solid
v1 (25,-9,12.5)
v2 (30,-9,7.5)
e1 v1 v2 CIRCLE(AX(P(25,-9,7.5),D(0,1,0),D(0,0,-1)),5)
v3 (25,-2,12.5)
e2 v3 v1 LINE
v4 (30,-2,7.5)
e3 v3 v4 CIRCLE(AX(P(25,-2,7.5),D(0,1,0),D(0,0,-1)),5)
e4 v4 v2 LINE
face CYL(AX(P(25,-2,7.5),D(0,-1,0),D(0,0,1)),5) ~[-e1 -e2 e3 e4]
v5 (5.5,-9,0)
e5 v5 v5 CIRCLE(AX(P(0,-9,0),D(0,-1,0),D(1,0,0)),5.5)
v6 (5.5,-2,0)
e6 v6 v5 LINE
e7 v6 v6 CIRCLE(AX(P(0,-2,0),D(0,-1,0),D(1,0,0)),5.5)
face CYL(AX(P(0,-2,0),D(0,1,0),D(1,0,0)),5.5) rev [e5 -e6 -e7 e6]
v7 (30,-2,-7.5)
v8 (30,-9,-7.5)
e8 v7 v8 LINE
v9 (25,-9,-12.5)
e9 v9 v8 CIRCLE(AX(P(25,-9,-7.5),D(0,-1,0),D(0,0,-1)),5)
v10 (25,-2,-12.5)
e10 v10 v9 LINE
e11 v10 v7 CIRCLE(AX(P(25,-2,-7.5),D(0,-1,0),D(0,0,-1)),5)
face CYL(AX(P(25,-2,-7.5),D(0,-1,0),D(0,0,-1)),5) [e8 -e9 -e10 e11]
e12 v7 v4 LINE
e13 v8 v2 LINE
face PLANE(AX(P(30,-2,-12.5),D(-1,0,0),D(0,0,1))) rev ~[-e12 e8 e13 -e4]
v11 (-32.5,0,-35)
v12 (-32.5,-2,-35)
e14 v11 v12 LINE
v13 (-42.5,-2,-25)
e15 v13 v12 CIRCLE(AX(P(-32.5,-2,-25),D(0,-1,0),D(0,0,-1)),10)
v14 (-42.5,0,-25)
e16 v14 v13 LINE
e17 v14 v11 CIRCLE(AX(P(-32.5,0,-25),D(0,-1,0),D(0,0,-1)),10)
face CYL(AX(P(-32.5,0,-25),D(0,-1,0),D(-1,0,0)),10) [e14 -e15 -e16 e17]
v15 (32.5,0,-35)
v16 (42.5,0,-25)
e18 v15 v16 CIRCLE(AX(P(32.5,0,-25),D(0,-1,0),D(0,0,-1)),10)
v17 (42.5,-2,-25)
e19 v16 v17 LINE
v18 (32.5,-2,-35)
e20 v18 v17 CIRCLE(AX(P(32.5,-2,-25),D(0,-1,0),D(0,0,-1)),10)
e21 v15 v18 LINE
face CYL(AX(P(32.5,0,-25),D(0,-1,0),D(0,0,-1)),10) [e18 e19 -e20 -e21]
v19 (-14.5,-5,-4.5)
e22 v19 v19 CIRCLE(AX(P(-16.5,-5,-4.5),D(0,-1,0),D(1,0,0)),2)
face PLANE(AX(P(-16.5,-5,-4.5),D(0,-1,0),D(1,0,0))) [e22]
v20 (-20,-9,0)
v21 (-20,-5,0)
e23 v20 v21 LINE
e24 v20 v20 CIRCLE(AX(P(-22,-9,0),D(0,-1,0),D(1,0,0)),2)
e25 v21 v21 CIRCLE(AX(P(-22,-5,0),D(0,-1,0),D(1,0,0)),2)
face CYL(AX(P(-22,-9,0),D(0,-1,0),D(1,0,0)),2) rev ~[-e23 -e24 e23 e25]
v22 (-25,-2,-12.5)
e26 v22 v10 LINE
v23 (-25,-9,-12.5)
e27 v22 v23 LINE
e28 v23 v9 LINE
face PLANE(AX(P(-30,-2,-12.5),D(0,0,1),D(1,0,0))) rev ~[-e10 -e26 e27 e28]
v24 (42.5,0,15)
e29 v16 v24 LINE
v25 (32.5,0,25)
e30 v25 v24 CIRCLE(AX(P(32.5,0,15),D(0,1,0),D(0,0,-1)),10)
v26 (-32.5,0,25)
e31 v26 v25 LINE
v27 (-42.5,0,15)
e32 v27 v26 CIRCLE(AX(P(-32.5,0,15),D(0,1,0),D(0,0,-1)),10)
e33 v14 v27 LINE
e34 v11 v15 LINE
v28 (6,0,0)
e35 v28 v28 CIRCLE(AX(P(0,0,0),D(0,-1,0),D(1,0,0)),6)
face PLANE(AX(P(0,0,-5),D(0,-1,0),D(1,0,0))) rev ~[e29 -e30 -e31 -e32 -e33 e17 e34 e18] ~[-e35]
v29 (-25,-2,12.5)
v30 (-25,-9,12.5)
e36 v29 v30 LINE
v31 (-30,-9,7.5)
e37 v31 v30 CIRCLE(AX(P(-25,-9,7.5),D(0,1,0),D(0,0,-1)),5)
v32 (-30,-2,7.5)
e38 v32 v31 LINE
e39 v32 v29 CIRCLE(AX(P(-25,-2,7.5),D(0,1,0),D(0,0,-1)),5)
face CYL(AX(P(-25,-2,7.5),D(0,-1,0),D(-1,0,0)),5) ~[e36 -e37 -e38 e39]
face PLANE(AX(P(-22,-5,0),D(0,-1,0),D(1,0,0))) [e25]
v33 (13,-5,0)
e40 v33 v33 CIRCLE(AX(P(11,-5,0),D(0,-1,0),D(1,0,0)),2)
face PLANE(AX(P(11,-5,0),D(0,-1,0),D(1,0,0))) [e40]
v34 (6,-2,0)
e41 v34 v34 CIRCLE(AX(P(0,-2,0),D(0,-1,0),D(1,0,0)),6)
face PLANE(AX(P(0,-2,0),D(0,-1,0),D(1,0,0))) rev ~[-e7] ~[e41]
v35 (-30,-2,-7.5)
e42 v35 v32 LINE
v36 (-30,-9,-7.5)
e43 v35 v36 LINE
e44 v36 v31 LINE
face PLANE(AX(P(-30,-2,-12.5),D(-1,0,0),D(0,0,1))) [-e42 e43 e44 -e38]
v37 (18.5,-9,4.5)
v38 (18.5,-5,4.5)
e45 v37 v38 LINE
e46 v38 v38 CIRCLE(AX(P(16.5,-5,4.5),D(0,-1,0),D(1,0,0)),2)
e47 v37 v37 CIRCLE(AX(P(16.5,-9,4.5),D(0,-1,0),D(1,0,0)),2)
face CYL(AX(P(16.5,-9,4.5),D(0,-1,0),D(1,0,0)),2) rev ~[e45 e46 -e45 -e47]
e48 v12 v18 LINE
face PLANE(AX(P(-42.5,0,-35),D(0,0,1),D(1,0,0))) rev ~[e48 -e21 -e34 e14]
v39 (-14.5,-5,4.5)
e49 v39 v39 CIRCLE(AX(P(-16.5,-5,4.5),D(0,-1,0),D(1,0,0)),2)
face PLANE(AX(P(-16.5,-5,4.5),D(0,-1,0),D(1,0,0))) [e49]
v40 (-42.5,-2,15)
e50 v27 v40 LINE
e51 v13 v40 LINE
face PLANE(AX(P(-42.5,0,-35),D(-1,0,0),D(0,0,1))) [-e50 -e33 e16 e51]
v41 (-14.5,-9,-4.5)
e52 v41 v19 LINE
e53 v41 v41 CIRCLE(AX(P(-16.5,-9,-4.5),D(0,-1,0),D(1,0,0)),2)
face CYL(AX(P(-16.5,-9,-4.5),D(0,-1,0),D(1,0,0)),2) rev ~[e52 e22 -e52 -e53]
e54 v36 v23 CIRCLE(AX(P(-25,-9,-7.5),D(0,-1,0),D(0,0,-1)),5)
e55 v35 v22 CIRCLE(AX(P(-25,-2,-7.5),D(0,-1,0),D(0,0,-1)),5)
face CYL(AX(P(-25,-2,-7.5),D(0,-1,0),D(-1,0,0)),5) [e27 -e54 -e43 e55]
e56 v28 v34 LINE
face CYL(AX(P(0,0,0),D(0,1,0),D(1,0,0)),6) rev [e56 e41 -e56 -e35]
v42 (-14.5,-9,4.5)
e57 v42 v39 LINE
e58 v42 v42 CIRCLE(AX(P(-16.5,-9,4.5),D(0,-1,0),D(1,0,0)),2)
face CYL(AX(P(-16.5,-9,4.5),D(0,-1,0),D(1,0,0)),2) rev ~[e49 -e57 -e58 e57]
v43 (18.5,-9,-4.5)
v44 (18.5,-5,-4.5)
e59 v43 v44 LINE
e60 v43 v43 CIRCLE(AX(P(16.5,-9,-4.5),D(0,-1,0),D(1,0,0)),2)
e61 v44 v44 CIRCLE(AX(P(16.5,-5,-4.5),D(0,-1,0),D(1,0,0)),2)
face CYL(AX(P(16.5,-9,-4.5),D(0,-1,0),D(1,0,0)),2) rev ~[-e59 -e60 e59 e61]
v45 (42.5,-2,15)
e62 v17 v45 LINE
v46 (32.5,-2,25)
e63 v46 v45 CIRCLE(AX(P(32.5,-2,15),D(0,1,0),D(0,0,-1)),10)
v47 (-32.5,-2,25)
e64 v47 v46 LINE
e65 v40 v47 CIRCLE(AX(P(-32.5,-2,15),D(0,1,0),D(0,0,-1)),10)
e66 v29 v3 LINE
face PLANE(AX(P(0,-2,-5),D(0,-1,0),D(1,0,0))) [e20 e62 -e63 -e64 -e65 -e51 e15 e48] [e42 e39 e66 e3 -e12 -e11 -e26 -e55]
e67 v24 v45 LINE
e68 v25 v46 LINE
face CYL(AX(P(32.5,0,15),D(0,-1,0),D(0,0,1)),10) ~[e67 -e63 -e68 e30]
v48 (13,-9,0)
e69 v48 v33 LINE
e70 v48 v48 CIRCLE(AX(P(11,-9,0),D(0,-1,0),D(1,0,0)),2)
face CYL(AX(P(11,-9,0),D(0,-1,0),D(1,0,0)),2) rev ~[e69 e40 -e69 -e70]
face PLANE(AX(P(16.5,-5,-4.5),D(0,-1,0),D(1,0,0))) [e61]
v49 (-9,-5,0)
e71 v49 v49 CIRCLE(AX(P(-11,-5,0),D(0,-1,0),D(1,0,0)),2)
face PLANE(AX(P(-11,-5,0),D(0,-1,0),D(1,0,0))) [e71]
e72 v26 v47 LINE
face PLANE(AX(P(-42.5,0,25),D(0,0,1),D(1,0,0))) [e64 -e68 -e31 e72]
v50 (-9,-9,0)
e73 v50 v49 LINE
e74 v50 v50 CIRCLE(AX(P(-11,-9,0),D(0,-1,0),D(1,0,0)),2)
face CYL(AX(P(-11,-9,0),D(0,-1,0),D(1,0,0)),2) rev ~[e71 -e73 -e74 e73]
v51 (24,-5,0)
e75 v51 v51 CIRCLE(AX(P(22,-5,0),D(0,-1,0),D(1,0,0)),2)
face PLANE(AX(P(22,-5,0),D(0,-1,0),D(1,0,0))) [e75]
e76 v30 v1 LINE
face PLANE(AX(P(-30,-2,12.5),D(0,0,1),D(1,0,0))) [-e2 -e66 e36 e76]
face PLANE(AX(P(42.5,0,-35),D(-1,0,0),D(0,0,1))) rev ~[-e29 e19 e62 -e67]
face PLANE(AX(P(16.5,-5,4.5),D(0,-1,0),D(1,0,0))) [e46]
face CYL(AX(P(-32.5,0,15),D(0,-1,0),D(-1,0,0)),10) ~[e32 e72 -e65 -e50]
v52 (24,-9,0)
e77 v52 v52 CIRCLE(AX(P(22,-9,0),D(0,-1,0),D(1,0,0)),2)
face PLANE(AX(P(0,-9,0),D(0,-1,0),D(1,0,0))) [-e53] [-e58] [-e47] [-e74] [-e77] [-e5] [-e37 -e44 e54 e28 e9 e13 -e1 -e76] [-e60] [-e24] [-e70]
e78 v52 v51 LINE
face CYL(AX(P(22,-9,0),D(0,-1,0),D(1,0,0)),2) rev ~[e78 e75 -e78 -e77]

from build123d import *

# Parameters (mm, degrees)
F0_W     = 85
F0_H     = 60
F0_R     = 6
F1_DEPTH = 2
F2_W     = 60
F2_H     = 25
F2_R     = 5.5
F3_DEPTH = 7
F4_R     = 5
F5_R     = 10
F6_R     = 2
F7_DEPTH = 4


with BuildPart() as f1:
    # F0 (on Front) → F1 (new body)
    with BuildSketch(Plane.XZ):
        with Locations((0, -5)):
            Rectangle(F0_W, F0_H)
        Circle(F0_R, mode=Mode.SUBTRACT)
    extrude(amount=F1_DEPTH)

    # F2 (on face) → F3 (join)
    with BuildSketch(Plane.XZ.offset(2)):
        Rectangle(F2_W, F2_H)
        Circle(F2_R, mode=Mode.SUBTRACT)
    extrude(amount=F3_DEPTH)

    # F4
    f4_edges = [f1.edges().sort_by_distance(p)[0] for p in [
        (30, -5.5, 12.5),
        (30, -5.5, -12.5),
        (-30, -5.5, -12.5),
        (-30, -5.5, 12.5),
    ]]
    fillet(f4_edges, radius=F4_R)

    # F5
    f5_edges = [f1.edges().sort_by_distance(p)[0] for p in [
        (42.5, -1, 25),
        (42.5, -1, -35),
        (-42.5, -1, -35),
        (-42.5, -1, 25),
    ]]
    fillet(f5_edges, radius=F5_R)

    # F6 (on face) → F7 (cut)
    with BuildSketch(Plane.XZ.offset(9)):
        with Locations((-11, 0)):
            Circle(F6_R)
        with Locations((-22, 0)):
            Circle(F6_R)
        with Locations((11, 0)):
            Circle(F6_R)
        with Locations((22, 0)):
            Circle(F6_R)
        with Locations((-16.5, -4.5)):
            Circle(F6_R)
        with Locations((16.5, -4.5)):
            Circle(F6_R)
        with Locations((16.5, 4.5)):
            Circle(F6_R)
        with Locations((-16.5, 4.5)):
            Circle(F6_R)
    extrude(amount=-F7_DEPTH, mode=Mode.SUBTRACT)


solid = f1.part
